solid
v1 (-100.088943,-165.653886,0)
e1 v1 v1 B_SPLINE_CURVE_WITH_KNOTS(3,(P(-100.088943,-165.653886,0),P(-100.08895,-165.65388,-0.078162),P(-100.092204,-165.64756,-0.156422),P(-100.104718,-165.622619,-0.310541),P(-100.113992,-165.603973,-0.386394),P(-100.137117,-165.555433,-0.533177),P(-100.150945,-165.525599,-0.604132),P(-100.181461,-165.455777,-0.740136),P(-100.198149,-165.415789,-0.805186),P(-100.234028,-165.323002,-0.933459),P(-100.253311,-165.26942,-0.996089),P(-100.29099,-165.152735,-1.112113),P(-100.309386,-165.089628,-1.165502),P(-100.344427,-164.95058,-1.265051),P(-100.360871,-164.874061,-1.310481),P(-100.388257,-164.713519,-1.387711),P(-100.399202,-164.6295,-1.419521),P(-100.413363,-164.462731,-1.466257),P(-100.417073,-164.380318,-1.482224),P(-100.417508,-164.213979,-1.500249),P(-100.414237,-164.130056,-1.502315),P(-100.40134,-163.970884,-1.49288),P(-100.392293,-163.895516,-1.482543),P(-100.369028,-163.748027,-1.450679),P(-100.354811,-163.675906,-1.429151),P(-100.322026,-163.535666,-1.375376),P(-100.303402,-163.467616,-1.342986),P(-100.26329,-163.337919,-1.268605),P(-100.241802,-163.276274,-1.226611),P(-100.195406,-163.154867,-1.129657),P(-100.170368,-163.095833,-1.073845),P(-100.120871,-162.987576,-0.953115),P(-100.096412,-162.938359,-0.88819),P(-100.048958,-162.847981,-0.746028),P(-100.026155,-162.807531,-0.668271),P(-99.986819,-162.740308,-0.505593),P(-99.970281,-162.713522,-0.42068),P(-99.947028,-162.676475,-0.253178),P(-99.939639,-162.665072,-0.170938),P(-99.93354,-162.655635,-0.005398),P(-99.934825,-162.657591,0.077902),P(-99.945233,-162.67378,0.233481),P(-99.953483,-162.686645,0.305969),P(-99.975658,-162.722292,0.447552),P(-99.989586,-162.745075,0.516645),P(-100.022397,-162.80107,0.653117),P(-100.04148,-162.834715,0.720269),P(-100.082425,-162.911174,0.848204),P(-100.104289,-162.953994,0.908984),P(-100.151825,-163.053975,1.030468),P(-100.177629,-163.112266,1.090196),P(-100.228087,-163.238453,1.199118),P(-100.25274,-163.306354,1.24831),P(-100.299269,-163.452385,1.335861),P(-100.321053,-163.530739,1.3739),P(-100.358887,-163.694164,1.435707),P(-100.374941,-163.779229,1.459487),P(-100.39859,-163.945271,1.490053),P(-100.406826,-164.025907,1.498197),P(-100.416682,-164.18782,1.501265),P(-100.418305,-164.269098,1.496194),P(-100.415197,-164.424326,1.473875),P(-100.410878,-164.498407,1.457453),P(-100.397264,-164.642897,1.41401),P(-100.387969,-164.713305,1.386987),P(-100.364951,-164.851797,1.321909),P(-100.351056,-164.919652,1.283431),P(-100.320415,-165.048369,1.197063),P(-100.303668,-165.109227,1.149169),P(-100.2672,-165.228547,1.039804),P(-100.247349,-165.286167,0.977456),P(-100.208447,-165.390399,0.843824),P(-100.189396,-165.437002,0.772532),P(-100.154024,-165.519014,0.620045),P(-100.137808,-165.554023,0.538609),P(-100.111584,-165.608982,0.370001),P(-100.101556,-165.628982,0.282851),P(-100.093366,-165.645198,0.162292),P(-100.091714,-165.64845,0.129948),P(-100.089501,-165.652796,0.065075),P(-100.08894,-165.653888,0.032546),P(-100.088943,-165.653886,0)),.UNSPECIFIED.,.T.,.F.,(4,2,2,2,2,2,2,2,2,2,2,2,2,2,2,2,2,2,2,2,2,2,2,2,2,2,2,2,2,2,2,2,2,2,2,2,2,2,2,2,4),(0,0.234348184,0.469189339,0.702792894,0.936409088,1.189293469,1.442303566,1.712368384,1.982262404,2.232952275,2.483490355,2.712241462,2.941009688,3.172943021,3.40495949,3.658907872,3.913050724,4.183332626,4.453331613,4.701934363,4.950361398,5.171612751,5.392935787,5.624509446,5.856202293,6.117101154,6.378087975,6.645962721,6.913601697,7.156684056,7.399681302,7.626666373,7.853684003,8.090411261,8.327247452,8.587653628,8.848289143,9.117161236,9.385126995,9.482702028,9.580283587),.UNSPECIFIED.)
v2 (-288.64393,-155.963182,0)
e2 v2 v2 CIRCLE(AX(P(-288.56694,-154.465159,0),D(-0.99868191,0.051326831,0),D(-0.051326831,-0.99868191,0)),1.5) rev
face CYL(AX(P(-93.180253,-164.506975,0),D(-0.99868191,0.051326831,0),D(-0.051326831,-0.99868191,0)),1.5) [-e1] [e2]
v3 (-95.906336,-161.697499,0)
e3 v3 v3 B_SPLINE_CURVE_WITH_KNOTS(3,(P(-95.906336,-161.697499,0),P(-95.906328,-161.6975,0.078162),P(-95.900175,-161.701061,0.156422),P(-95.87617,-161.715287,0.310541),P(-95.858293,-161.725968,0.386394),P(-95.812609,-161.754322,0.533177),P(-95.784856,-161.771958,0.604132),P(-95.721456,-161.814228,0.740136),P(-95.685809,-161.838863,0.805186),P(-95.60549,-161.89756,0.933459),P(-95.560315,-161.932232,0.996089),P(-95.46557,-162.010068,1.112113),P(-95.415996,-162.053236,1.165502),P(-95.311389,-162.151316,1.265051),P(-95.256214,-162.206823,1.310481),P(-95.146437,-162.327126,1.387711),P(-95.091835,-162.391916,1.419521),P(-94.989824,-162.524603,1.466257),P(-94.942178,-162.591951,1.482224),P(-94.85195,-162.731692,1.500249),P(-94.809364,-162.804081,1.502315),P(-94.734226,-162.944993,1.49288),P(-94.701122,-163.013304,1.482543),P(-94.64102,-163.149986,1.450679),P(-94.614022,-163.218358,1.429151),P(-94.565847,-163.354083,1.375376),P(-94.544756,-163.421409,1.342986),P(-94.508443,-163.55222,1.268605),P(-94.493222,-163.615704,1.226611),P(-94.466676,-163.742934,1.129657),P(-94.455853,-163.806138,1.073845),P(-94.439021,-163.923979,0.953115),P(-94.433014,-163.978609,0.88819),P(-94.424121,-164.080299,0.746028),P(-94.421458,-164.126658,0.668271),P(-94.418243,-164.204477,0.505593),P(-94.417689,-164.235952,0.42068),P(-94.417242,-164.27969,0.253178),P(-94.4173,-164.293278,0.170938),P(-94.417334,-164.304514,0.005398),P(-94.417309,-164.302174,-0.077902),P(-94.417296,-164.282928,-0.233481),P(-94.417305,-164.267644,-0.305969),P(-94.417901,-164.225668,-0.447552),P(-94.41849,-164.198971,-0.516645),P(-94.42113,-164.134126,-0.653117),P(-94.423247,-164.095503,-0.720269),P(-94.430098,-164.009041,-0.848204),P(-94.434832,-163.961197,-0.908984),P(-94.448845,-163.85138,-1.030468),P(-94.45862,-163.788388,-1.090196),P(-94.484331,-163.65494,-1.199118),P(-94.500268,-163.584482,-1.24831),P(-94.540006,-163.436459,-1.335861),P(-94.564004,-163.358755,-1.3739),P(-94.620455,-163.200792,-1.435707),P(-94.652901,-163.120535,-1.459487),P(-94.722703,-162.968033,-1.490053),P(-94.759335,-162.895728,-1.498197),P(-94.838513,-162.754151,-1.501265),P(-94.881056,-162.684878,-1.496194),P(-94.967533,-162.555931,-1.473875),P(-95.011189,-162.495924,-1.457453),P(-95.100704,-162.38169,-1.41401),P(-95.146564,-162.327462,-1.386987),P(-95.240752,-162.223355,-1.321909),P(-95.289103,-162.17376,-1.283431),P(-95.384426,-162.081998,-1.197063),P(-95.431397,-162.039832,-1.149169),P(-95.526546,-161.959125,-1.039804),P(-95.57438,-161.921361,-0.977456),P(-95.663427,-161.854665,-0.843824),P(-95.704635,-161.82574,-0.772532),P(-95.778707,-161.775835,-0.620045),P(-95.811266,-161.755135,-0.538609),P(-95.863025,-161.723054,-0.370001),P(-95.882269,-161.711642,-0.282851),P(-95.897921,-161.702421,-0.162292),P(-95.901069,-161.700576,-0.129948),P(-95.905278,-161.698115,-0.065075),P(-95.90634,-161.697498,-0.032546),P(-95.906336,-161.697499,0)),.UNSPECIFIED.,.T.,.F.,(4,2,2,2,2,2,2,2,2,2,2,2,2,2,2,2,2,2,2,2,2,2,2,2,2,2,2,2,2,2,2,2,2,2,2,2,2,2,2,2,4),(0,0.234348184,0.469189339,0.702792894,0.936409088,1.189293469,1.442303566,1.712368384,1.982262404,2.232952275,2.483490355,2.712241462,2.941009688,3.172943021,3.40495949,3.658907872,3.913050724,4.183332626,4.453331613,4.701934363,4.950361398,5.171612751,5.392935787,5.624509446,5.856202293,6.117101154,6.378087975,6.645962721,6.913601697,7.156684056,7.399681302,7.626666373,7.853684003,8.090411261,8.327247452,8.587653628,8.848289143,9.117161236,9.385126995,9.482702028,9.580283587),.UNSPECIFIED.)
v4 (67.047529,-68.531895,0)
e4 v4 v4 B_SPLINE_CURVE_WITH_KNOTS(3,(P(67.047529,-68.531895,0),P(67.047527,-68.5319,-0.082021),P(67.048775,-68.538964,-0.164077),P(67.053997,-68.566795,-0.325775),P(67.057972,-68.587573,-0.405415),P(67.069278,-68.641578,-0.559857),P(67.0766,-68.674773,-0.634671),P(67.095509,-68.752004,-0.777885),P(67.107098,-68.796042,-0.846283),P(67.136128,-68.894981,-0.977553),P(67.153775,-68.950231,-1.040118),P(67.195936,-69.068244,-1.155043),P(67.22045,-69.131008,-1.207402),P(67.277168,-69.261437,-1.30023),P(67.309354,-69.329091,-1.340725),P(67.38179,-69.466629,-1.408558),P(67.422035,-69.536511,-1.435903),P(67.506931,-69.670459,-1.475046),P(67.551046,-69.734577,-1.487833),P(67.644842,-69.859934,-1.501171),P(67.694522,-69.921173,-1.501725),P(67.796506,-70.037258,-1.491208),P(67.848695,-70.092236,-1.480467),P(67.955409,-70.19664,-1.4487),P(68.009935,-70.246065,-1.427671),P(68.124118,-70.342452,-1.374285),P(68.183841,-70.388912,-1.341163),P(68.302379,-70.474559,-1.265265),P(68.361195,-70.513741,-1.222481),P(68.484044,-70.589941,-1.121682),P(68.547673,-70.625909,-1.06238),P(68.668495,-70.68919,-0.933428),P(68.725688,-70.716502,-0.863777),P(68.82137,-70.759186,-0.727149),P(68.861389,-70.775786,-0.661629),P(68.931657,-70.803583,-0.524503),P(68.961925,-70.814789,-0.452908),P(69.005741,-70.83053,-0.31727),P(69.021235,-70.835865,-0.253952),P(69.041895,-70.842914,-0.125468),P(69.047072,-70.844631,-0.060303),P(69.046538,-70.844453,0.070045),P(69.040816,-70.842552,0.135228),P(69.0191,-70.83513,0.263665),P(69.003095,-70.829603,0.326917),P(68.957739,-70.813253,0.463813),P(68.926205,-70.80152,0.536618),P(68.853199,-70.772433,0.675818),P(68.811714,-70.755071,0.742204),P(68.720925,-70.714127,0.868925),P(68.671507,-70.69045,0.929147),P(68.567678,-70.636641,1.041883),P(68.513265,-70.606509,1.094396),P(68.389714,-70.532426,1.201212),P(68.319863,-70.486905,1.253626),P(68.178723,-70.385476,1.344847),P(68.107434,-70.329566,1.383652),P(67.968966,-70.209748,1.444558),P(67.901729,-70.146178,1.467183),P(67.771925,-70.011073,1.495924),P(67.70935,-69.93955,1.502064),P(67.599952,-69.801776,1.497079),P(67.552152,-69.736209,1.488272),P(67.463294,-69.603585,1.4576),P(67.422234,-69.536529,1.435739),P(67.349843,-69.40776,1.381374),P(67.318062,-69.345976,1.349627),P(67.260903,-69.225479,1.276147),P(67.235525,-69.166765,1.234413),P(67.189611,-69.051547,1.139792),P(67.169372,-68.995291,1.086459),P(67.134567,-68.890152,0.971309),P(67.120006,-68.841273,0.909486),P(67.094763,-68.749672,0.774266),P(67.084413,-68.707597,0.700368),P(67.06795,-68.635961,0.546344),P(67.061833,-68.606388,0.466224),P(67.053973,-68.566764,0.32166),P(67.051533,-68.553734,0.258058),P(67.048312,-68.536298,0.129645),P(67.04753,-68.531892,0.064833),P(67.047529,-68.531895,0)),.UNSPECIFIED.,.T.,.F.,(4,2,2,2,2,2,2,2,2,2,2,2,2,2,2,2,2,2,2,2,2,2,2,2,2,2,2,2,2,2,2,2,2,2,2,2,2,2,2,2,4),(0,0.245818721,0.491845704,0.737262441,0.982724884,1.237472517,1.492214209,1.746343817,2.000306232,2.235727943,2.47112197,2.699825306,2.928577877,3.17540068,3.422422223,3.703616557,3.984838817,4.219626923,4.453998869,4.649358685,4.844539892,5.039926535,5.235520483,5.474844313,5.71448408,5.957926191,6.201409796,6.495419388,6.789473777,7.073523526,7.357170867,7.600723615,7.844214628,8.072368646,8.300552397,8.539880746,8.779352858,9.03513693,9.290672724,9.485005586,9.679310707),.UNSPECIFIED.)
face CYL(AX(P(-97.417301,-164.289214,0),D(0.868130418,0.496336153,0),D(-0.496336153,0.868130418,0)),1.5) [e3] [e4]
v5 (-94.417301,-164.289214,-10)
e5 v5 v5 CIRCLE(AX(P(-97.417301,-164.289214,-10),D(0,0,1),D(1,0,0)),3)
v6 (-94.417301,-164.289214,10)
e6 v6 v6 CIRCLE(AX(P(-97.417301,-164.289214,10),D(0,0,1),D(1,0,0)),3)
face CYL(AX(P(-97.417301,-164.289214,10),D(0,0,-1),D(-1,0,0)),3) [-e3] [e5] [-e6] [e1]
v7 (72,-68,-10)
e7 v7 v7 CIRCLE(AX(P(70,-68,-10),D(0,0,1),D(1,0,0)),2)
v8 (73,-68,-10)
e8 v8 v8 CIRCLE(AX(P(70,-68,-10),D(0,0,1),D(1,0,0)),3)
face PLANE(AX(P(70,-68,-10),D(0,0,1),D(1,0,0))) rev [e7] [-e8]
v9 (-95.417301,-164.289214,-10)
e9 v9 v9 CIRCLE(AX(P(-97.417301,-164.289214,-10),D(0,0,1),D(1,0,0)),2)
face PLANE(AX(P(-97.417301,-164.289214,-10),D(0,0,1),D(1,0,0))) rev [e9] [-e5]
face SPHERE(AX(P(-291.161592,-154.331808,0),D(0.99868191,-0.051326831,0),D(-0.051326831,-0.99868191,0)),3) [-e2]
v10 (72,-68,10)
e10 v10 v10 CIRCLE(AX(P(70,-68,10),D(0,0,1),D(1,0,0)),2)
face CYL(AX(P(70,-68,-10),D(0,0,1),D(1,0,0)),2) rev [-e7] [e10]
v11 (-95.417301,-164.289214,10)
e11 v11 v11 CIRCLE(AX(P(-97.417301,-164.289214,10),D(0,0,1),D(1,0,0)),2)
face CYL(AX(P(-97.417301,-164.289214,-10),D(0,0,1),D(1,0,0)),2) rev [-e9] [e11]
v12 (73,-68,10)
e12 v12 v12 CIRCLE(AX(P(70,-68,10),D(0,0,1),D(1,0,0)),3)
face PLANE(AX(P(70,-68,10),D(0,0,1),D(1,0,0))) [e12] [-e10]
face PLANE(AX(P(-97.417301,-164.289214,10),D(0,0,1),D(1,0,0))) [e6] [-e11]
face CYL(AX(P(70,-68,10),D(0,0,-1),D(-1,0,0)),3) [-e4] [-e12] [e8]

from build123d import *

# Parameters (mm, degrees)
ESQUISSE4_R             = 1.5
ESQUISSE6_R             = 3
BOSS_EXTRU_1_DEPTH      = 10
ESQUISSE7_R             = 2
ENL_V_MAT_EXTRU_1_DEPTH = 339.993691721


with BuildPart() as part:
    # Balayage1: sweep along a path in Esquisse3
    with BuildLine(Plane.XY) as balayage1_path:
        Line((-291.161591592, -154.331808471), (-97.417301145, -164.289213701))
        Line((-97.417301145, -164.289213701), (71, -68))
    # Esquisse4 → Balayage1 (sweep)
    with BuildSketch(Plane(origin=(-291.161591592, -154.331808471, 0), x_dir=(-0.05132683108289724, -0.9986819095242427, 0), z_dir=(0.9986819095242427, -0.05132683108289724, 0))):
        Circle(ESQUISSE4_R)
    sweep(path=balayage1_path.line, transition=Transition.RIGHT)

    # Esquisse5 → Révolution1 (revolve)
    with BuildSketch(Plane.XY):
        with BuildLine():
            Line((-288.165545864, -154.485788964), (-294.157637321, -154.177827978))
            ThreePointArc((-294.157637321, -154.177827978), (-291.007611099, -151.335762742), (-288.165545864, -154.485788964))
        make_face()
    revolve(axis=Axis((-288.165545864, -154.485788964, 0), (-0.9986819095242425, 0.05132683108290165, 0)))

    # Esquisse6 → Boss.-Extru.1 (add, symmetric)
    with BuildSketch(Plane.XY):
        with Locations((-97.417301145, -164.289213701)):
            Circle(ESQUISSE6_R)
        with Locations((70, -68)):
            Circle(ESQUISSE6_R)
    extrude(amount=BOSS_EXTRU_1_DEPTH, both=True)

    # Esquisse7 → Enlèv. mat.-Extru.1 (cut, through all)
    with BuildSketch(Plane.XY.offset(10)):
        with Locations((-97.417301145, -164.289213701)):
            Circle(ESQUISSE7_R)
        with Locations((70, -68)):
            Circle(ESQUISSE7_R)
    extrude(amount=-ENL_V_MAT_EXTRU_1_DEPTH, mode=Mode.SUBTRACT)


solid = part.part
